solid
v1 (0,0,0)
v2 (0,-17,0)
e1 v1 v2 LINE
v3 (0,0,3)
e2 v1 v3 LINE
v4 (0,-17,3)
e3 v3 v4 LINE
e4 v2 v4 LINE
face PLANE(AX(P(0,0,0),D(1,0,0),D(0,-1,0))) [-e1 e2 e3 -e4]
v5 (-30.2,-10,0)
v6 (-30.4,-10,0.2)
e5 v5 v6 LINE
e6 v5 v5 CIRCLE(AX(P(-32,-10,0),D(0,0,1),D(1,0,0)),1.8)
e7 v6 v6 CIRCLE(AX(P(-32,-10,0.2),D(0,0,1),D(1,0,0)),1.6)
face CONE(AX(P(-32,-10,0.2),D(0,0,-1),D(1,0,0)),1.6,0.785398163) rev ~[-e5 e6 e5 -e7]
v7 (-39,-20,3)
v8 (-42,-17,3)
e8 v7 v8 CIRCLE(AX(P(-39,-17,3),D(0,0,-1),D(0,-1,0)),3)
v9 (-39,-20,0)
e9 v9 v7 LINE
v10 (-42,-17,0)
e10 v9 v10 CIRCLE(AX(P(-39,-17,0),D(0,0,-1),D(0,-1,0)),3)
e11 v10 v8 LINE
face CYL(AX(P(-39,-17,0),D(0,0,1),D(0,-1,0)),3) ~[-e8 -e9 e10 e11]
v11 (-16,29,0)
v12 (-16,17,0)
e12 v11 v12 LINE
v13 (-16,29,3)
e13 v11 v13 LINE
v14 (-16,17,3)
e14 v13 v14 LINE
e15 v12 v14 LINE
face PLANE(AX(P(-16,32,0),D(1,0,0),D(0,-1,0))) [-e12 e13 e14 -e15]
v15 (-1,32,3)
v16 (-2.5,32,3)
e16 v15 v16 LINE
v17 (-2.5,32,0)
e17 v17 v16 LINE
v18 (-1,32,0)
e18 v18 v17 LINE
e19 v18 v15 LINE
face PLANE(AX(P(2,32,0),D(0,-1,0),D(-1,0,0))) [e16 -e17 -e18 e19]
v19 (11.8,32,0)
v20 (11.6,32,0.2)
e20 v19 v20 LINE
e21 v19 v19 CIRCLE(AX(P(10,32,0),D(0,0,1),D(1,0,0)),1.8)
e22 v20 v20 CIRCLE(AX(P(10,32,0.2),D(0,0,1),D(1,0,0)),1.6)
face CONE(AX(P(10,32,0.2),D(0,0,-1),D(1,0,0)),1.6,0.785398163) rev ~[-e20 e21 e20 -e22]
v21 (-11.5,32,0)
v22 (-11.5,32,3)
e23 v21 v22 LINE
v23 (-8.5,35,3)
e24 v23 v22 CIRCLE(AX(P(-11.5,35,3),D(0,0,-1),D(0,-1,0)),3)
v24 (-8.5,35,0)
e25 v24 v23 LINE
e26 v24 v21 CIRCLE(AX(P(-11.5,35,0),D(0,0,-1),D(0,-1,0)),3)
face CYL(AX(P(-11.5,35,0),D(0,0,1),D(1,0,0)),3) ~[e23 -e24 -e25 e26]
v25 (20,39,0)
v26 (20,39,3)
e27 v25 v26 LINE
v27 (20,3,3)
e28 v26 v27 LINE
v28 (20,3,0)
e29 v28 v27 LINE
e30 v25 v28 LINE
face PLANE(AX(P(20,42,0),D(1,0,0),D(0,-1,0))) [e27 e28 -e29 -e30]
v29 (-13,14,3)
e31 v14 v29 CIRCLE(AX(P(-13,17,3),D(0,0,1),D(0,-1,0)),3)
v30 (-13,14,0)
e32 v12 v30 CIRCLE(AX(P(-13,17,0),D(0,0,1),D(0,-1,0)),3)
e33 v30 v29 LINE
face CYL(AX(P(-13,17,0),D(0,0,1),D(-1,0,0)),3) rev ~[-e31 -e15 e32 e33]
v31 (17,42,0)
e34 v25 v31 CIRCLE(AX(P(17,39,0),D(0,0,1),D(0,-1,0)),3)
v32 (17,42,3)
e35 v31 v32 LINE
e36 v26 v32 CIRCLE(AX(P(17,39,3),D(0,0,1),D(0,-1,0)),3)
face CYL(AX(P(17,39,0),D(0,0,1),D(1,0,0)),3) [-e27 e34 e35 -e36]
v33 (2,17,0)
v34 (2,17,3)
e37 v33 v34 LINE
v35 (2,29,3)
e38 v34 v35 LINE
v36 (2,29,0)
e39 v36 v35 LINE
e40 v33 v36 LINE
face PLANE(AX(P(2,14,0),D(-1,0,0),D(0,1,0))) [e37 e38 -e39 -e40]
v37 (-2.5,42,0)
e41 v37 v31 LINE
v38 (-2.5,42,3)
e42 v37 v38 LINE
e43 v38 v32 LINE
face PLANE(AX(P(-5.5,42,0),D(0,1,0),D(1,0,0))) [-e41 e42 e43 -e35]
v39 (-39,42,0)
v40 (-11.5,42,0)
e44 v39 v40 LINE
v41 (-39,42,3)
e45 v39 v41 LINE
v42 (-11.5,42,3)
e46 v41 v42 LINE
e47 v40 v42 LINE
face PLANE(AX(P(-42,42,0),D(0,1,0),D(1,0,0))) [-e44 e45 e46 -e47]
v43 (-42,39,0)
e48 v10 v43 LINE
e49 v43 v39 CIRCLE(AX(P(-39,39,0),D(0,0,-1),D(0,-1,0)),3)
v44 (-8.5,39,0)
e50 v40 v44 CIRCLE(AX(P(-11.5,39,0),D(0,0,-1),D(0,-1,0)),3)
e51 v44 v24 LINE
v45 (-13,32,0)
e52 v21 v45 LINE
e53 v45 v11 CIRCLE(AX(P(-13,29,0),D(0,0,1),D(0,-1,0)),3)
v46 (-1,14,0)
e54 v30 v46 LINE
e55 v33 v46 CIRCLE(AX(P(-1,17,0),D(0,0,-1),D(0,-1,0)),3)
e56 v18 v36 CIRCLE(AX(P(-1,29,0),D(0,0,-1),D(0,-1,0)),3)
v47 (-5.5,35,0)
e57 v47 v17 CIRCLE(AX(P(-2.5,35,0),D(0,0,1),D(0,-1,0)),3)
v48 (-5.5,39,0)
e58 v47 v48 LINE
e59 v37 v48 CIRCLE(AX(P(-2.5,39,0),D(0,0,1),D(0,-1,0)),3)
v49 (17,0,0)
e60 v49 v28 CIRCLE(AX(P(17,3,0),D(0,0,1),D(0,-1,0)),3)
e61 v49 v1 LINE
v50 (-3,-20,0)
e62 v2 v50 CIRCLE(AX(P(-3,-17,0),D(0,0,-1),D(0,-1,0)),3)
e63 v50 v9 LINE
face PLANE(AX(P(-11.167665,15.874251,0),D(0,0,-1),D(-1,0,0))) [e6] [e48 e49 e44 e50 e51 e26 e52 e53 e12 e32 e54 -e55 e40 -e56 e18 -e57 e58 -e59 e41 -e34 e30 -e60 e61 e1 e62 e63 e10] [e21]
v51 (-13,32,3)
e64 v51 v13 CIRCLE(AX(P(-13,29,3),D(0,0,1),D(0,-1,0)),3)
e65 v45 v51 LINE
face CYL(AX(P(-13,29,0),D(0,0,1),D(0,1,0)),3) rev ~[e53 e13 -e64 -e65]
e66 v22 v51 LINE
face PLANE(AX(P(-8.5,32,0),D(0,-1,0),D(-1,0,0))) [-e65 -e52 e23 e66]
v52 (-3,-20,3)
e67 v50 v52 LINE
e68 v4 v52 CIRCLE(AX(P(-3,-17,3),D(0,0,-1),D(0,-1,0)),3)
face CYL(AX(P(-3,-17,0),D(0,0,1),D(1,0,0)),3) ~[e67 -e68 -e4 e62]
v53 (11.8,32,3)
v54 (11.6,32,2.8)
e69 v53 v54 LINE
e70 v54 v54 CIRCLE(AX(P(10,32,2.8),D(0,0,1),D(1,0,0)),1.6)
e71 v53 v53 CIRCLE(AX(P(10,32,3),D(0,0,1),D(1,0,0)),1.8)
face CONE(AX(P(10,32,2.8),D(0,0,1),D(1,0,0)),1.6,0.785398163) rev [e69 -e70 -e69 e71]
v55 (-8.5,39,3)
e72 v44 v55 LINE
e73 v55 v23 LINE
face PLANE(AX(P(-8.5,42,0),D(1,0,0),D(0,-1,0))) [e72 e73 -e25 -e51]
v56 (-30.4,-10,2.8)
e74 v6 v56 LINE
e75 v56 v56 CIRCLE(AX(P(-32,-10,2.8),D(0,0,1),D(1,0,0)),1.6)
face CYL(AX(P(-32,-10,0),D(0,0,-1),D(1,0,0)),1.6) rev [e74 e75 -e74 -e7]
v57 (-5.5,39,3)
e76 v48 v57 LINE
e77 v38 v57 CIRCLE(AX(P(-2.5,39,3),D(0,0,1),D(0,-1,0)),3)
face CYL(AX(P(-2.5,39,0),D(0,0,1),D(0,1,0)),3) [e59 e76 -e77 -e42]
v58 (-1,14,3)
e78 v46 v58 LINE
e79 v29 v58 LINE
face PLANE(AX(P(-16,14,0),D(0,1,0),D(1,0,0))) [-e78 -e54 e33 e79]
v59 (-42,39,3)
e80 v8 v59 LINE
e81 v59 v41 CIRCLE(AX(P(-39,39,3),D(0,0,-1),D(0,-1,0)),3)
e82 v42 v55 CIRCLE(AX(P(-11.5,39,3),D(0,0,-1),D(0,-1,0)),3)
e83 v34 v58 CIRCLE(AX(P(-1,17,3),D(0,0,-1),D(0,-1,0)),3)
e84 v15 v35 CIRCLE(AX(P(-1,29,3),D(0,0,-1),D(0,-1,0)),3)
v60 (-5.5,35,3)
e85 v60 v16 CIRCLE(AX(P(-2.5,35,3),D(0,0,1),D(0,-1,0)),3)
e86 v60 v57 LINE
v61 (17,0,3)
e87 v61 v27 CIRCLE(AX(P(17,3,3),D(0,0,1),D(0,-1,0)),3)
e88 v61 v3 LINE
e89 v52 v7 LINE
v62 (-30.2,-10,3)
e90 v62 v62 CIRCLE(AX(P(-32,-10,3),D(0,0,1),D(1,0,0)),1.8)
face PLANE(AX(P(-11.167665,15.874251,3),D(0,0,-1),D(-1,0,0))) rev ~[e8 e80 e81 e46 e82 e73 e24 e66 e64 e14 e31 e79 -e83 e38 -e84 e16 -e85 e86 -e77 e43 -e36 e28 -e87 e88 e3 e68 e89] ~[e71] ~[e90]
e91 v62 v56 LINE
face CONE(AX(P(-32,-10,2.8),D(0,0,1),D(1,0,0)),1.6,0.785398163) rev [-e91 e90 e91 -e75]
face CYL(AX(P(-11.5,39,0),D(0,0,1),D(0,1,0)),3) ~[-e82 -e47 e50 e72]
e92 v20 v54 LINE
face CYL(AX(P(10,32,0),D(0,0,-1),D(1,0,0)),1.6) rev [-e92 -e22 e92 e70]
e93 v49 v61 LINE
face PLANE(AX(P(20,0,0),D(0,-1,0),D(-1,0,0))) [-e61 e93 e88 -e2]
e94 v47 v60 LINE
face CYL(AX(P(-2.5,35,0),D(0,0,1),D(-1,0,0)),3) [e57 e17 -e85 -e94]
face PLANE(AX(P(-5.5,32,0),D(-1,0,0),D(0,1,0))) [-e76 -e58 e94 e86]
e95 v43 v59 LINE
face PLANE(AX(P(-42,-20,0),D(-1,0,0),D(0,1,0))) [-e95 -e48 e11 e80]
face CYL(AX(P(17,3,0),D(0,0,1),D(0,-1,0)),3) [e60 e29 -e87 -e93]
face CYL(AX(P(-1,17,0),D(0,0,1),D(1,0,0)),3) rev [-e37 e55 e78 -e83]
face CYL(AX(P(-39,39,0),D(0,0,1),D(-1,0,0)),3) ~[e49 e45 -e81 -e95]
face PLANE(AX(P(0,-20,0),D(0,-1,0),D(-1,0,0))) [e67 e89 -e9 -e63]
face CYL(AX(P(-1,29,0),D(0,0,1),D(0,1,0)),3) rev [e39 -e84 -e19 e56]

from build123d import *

# Parameters (mm, degrees)
SKETCH_R     = 1.6
PAD_DEPTH    = 3
FILLET_R     = 3
CHAMFER_SIZE = 0.2


with BuildPart() as part:
    # Sketch → Pad (new body)
    with BuildSketch(Plane.XY):
        Polygon((0, 0), (0, -20), (-42, -20), (-42, 42), (-8.5, 42), (-8.5, 32), (-16, 32), (-16, 14), (2, 14), (2, 32), (-5.5, 32), (-5.5, 42), (20, 42), (20, 0), align=None)
        with Locations((10, 32)):
            Circle(SKETCH_R, mode=Mode.SUBTRACT)
        with Locations((-32, -10)):
            Circle(SKETCH_R, mode=Mode.SUBTRACT)
    extrude(amount=PAD_DEPTH)

    # Fillet
    fillet_edges = [part.edges().sort_by_distance(p)[0] for p in [
        (-42, -20, 1.5),
        (20, 0, 1.5),
        (0, -20, 1.5),
        (-42, 42, 1.5),
        (20, 42, 1.5),
        (-5.5, 32, 1.5),
        (-5.5, 42, 1.5),
        (2, 32, 1.5),
        (-8.5, 32, 1.5),
        (-16, 32, 1.5),
        (-16, 14, 1.5),
        (2, 14, 1.5),
        (-8.5, 42, 1.5),
    ]]
    fillet(fillet_edges, radius=FILLET_R)

    # Chamfer
    chamfer_edges = [part.edges().sort_by_distance(p)[0] for p in [
        (-33.6, -10, 0),
        (8.4, 32, 0),
        (-33.6, -10, 3),
        (8.4, 32, 3),
    ]]
    chamfer(chamfer_edges, length=CHAMFER_SIZE)


solid = part.part
